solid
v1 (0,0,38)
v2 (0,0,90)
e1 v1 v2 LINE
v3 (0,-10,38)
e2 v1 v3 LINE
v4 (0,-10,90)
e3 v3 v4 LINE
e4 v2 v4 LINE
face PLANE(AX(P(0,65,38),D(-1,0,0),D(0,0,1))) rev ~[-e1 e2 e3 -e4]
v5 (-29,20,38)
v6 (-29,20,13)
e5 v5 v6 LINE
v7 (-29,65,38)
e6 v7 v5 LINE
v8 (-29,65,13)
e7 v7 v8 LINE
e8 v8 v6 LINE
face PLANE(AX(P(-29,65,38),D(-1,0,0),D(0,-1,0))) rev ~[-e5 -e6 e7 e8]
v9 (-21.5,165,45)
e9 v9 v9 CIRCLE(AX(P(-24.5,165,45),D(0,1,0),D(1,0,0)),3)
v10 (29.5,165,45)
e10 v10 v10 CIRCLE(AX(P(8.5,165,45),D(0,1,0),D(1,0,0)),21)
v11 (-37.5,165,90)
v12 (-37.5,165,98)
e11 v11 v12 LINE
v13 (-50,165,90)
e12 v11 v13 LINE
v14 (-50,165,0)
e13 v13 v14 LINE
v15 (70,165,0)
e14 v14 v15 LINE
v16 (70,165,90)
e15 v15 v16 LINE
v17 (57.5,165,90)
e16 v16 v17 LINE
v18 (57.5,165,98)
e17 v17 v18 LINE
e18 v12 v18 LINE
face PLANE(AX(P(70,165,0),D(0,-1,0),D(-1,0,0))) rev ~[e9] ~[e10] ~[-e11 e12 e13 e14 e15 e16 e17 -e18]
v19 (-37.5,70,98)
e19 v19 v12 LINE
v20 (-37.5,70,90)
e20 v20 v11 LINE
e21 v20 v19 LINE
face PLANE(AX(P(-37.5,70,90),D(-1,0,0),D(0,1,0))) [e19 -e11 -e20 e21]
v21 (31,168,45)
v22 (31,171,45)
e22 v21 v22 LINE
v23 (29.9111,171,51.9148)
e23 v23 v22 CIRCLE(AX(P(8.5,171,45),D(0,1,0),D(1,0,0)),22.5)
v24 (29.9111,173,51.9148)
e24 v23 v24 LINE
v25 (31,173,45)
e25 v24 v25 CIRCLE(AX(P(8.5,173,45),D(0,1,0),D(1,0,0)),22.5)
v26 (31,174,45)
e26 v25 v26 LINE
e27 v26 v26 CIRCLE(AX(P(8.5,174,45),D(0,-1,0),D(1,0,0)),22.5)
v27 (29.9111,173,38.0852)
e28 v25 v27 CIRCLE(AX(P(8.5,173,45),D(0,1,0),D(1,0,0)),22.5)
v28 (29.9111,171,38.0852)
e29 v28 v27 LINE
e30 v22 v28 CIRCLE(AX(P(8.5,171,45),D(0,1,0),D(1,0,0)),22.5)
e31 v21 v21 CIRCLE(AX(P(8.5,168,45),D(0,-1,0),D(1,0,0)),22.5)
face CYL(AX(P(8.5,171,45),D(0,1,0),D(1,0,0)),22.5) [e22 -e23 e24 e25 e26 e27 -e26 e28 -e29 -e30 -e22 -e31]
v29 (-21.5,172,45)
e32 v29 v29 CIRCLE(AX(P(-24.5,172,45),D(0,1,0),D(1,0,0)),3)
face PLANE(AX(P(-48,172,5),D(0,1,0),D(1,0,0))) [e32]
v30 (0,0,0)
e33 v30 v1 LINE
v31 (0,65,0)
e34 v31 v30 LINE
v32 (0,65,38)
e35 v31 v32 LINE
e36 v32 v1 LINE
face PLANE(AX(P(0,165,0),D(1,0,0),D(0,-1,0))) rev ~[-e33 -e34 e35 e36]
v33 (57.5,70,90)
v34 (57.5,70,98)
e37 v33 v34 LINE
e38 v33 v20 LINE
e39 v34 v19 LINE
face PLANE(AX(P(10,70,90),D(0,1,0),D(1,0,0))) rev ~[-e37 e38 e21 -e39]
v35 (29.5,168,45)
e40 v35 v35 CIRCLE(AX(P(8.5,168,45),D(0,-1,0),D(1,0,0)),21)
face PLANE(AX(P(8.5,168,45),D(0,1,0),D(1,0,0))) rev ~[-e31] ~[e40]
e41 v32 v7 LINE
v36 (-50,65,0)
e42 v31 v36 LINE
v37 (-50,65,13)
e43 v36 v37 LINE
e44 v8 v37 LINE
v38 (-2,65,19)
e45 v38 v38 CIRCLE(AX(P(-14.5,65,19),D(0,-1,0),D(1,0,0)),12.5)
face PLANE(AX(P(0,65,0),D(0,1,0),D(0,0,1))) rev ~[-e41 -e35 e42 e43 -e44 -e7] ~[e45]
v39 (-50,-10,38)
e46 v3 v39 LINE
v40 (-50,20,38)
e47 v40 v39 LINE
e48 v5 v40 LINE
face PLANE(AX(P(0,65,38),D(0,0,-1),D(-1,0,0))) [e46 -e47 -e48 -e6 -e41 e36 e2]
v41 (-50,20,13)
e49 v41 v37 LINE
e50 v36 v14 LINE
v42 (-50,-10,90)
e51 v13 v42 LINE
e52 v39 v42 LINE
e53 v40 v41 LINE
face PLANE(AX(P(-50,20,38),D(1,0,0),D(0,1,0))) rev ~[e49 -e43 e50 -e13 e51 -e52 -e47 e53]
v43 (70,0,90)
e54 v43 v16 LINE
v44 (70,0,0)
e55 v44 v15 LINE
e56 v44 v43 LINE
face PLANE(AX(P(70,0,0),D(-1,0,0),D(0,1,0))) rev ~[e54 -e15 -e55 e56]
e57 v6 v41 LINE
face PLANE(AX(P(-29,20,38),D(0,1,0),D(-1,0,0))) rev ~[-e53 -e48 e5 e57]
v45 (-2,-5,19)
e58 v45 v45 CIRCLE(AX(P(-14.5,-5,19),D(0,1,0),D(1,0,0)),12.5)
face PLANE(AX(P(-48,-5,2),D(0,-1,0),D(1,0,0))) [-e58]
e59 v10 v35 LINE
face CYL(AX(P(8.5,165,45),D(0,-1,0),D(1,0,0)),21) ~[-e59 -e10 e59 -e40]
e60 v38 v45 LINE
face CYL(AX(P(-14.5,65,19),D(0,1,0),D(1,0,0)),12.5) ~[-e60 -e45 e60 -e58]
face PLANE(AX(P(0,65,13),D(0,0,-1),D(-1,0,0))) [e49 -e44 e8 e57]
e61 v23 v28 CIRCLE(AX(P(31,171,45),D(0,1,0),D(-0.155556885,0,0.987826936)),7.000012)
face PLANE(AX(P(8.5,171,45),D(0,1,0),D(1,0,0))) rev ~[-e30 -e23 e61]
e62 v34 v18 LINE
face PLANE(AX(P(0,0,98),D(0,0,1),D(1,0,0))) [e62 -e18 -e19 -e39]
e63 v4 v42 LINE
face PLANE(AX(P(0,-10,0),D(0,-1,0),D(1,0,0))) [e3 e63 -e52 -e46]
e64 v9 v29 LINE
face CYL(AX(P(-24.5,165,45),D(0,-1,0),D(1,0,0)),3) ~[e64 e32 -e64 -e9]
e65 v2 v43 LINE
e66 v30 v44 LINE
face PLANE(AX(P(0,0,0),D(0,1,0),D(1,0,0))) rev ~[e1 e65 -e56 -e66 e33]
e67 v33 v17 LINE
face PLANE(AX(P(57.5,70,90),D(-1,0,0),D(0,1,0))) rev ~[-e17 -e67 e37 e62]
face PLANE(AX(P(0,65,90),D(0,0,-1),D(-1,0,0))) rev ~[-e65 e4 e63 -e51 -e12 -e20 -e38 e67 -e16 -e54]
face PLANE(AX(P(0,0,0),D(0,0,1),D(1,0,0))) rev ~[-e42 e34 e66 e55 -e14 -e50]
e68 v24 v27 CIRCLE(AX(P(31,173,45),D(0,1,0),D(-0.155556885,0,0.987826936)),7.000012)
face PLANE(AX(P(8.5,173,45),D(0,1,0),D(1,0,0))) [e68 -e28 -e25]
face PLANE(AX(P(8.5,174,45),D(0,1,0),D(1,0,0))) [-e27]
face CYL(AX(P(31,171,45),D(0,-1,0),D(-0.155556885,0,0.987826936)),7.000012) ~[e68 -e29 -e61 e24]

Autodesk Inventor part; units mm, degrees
sketch "Sketch2" plane through (0, 0, 0) normal (0, 0, 1) x (1, 0, 0)
  line L0 (0, 0) -> (70, 0)
  line L1 (70, 0) -> (70, 165)
  line L2 (70, 165) -> (0, 165)
  line L3 (0, 165) -> (0, 0)
  dimension "d0" = 165
  dimension "d1" = 70
extrude "Extrusion1" add sketch "Sketch2" along normal blind 90
sketch "Sketch6" plane through (0, 0, 0) normal (-1, 0, 0) x (0, 0, 1)
  line L0 (90, 0) -> (90, 165) projected
  line L1 (0, 0) -> (0, 165) projected
  line L2 (90, 165) -> (0, 165)
  line L3 (0, 165) -> (0, 65)
  line L4 (0, 65) -> (90, 65)
  line L5 (90, 65) -> (90, 165)
  dimension "d8" = 100
extrude "Extrusion3" add sketch "Sketch6" along normal blind 50
sketch "Sketch7" plane through (0, 65, 0) normal (0, -1, 0) x (1, 0, 0)
  line L0 (70, 90) -> (-50, 90) projected
  line L1 (0, 0) -> (0, 90) projected
  line L2 (-50, 90) -> (0, 90)
  line L3 (0, 90) -> (0, 38)
  line L4 (0, 38) -> (-50, 38)
  line L5 (-50, 38) -> (-50, 90)
  dimension "d11" = 52
extrude "Extrusion4" add sketch "Sketch7" along normal blind 75
sketch "Sketch8" plane through (0, 65, 38) normal (0, 0, -1) x (-1, 0, 0)
  line L0 (0, 0) -> (50, 0) projected
  line L1 (50, 0) -> (29, 0)
  line L2 (29, 0) -> (29, -45)
  line L3 (29, -45) -> (50, -45)
  line L4 (50, -45) -> (50, 0)
  point P0 (0, -65)
  point P1 (29, 0)
  dimension "d14" = 21
  dimension "d15" = 45
extrude "Extrusion5" add sketch "Sketch8" along normal blind 25
sketch "Sketch9" plane through (0, 0, 90) normal (0, 0, 1) x (1, 0, 0)
  line L0 (70, 165) -> (-50, 165) projected
  line L1 (-50, 165) -> (70, 165)
  line L2 (70, 165) -> (10, 165)
  line L3 (10, 70) -> (57.5, 70)
  line L4 (57.5, 70) -> (-37.5, 70)
  line L5 (-37.5, 70) -> (-37.5, 165)
  line L6 (57.5, 70) -> (57.5, 165)
  point P0 (0, 0)
  dimension "d20" = 95
  dimension "d21" = 95
extrude "Extrusion6" add sketch "Sketch9" along normal blind 8
ref_plane "Work Plane1" through (-48, 65, 2) normal (0, -1, 0) x (1, 0, 0)
sketch "Sketch10" plane through (-48, 65, 2) normal (0, -1, 0) x (1, 0, 0)
  line L0 (21, 34) -> (46, 34) projected
  line L1 (33.5, 34) -> (33.5, 0)
  line L2 (46, 0) -> (0, 0) projected
  circle A0 centre (33.5, 17) radius 12.5
  point P0 (48, -2)
extrude "Extrusion7" add sketch "Sketch10" along normal blind 70
ref_plane "Work Plane3" through (-48, 165, 5) normal (0, 1, 0) x (1, 0, 0)
sketch "Sketch11" plane through (-48, 165, 5) normal (0, 1, 0) x (1, 0, 0)
  line L0 (113, 0) -> (113, -80) projected
  line L1 (0, -80) -> (0, 0) projected
  circle A0 centre (56.5, -40) radius 21
  point P0 (48, 5)
  dimension "d29" = 42
extrude "Extrusion8" add sketch "Sketch11" along normal blind 6
ref_plane "Work Plane2" through (-48, 165, 5) normal (0, 1, 0) x (1, 0, 0)
sketch "Sketch12" plane through (-48, 165, 5) normal (0, 1, 0) x (1, 0, 0)
  circle A0 centre (56.5, -40) radius 21 projected
  line L0 (35.5, -40) -> (26.5, -40)
  circle A1 centre (23.5, -40) radius 3
  point P0 (48, 5)
  dimension "d32" = 9
extrude "Extrusion9" add sketch "Sketch12" along normal blind 7 contours A1
sketch "Sketch13" plane through (8.5, 171, 45) normal (0, 1, 0) x (1, 0, 0)
  circle A0 centre (0, 0) radius 22.5
  arc A1 (21.4111, -6.9148) -> (21.4111, 6.9148) centre (22.5, 0) ccw
  point P0 (-8.5, 45)
  dimension "d37" = 45
  dimension "d38" = 14
extrude "Extrusion10" add sketch "Sketch13" along normal mid plane 6 contours A0
extrude "Extrusion11" add sketch "Sketch13" along normal blind 2 contours A0 A1
properties part number "windshield washer"
